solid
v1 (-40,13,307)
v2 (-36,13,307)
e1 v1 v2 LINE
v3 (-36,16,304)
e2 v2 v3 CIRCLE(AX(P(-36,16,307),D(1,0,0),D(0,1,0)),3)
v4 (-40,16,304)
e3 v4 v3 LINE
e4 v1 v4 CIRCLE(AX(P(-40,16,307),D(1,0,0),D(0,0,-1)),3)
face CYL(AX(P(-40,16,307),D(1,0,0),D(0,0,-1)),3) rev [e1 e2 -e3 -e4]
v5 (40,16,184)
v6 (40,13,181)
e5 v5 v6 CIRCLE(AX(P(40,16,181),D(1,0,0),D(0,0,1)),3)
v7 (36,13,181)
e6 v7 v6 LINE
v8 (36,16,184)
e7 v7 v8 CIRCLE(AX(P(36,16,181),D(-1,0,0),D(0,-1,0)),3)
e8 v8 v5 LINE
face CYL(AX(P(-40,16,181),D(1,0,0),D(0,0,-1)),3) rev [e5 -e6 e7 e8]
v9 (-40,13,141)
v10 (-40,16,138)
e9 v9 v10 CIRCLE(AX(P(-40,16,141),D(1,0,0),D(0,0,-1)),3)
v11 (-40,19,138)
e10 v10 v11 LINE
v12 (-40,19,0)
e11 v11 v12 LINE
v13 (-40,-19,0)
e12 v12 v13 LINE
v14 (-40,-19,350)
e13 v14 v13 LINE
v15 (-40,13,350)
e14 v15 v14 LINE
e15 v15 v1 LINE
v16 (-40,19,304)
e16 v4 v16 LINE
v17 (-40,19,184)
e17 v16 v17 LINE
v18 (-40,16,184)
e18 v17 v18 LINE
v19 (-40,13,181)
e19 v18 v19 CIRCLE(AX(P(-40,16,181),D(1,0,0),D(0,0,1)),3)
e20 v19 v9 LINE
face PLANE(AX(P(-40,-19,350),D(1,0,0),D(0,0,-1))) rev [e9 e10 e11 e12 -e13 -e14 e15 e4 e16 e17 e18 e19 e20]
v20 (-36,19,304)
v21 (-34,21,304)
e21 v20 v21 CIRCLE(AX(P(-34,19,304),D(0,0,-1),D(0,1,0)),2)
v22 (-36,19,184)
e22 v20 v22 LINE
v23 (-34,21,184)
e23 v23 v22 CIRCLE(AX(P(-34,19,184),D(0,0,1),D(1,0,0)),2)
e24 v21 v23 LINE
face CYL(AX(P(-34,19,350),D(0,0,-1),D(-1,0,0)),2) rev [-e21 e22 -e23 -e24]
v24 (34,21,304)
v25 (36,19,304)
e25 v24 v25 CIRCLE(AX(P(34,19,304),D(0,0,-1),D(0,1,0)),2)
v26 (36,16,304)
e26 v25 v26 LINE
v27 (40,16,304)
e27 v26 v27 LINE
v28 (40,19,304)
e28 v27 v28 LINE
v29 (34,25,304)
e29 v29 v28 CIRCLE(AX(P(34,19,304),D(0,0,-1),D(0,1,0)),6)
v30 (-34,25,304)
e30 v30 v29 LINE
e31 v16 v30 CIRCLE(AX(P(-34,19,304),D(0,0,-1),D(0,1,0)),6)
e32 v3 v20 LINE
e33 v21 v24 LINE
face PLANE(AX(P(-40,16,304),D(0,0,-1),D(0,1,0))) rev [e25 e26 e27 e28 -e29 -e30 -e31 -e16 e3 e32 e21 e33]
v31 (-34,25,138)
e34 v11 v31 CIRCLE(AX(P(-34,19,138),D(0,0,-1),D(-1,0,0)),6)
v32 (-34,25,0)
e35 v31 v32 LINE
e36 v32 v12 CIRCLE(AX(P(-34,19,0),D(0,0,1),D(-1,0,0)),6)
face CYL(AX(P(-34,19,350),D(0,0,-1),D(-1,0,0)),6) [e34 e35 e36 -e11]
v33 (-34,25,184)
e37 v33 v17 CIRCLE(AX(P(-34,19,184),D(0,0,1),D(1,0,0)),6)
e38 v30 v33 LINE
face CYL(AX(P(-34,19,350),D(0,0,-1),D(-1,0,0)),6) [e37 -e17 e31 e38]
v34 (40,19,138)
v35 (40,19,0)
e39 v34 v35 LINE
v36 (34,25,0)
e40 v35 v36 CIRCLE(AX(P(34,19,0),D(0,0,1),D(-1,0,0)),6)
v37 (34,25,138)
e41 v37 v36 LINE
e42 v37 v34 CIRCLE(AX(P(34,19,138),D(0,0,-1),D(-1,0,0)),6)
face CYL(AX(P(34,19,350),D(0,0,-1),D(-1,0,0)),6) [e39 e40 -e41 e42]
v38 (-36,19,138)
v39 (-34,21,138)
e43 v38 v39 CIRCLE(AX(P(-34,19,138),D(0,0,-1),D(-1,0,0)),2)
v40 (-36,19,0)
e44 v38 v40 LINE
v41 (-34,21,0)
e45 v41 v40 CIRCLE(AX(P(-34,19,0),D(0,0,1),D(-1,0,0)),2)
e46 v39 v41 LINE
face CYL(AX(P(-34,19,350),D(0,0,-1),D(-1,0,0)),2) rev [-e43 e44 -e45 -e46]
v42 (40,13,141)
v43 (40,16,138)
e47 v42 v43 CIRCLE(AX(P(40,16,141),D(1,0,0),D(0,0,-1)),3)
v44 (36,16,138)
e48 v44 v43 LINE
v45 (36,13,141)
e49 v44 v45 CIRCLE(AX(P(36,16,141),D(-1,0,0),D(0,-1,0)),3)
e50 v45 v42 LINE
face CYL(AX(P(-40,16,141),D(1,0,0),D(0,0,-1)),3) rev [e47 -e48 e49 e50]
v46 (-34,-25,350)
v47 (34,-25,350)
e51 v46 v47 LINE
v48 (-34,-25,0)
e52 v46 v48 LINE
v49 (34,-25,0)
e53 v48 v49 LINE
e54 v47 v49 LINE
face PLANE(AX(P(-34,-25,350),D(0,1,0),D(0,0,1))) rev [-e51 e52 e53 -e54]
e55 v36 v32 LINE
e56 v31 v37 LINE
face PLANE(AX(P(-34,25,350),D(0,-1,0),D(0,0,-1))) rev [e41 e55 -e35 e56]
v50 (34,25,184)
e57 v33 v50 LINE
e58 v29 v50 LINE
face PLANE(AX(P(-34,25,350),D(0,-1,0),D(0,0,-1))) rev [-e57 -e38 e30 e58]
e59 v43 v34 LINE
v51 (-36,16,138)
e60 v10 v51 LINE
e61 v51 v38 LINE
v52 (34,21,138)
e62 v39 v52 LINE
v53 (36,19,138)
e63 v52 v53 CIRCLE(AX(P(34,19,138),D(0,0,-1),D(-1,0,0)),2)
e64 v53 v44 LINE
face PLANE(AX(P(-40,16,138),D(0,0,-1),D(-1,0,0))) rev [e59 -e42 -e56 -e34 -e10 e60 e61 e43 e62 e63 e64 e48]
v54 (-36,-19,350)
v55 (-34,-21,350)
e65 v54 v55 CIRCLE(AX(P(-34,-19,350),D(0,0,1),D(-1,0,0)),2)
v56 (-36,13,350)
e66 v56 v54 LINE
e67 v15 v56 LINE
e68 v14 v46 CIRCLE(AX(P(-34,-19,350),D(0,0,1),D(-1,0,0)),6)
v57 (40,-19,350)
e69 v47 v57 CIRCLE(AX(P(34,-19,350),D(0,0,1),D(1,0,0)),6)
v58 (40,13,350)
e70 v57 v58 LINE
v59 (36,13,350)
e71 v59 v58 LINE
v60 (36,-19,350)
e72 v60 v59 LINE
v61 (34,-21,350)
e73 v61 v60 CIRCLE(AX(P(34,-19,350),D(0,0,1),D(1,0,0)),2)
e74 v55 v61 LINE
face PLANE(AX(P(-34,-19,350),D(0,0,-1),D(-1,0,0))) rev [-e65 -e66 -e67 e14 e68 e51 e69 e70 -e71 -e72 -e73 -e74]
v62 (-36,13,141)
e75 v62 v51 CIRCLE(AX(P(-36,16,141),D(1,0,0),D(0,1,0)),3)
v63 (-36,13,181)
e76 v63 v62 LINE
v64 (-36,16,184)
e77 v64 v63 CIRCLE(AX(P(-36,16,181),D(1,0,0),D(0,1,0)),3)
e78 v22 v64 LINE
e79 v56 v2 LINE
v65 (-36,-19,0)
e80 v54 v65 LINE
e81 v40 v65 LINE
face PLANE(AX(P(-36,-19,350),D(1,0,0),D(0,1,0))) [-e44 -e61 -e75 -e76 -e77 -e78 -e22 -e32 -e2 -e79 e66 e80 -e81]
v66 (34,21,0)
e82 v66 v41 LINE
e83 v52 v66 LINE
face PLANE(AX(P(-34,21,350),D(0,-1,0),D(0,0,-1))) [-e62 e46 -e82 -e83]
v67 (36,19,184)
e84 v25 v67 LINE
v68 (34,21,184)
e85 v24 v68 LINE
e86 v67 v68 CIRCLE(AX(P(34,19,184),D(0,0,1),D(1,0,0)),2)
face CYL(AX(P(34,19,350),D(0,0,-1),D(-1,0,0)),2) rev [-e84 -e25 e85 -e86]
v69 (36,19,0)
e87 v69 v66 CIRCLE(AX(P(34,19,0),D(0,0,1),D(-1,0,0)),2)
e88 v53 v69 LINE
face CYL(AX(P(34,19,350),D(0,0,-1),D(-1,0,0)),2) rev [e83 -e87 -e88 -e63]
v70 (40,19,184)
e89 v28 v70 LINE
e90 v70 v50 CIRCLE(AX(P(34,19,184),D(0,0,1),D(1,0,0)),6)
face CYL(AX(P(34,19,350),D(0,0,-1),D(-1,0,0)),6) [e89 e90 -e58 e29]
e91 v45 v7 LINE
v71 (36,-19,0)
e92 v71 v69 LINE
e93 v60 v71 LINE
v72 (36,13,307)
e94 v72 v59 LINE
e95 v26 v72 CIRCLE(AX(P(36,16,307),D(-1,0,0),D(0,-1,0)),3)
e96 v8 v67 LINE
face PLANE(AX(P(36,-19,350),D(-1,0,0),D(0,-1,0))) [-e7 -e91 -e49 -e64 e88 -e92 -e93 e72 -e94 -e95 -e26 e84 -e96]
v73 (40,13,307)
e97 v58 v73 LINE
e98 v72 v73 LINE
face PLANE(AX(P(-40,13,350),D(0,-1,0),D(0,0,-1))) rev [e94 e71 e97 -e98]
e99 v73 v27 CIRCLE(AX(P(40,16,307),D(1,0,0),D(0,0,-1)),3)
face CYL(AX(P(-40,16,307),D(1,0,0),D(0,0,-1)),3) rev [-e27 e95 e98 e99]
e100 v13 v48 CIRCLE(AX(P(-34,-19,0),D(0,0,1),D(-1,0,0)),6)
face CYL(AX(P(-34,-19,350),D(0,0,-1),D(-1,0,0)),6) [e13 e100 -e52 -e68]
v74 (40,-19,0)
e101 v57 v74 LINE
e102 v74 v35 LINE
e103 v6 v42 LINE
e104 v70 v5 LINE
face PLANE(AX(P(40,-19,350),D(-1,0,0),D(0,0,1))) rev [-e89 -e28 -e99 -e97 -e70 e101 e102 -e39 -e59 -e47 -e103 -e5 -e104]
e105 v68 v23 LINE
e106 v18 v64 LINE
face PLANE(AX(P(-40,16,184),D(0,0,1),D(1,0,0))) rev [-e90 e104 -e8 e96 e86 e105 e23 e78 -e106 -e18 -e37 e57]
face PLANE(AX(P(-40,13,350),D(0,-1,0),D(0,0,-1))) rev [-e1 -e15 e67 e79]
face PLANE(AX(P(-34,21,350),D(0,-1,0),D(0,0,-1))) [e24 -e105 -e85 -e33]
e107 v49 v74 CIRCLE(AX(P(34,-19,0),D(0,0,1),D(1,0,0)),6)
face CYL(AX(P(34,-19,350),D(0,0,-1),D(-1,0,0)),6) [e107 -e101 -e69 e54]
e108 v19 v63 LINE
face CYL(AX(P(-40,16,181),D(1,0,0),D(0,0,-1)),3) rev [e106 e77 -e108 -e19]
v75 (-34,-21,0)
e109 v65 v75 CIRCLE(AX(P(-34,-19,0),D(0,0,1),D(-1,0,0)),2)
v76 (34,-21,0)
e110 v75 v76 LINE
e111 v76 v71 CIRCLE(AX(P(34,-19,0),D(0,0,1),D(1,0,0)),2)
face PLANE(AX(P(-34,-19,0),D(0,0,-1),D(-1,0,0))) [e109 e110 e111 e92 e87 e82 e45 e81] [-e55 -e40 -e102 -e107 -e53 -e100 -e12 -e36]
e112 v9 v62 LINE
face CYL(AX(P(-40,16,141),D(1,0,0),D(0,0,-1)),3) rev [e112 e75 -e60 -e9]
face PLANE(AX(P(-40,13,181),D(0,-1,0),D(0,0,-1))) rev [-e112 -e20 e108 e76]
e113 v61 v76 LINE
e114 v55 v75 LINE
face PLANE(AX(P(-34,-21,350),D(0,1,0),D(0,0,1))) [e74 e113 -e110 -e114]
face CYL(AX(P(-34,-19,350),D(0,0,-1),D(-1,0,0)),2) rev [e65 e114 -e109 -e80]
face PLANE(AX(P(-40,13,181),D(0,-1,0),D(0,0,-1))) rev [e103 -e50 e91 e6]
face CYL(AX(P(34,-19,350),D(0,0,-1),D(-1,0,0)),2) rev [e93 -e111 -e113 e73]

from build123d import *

# Parameters (mm, degrees)
EXTRUDE_1_DEPTH     = 350
CUT_EXTRUDE_1_DEPTH = 360.895818259


with BuildPart() as part:
    # Эскиз1 → Бобышка-Вытянуть1 (new body)
    with BuildSketch(Plane.XY):
        with BuildLine():
            Line((-34, -25), (34, -25))
            ThreePointArc((34, -25), (38.242640687, -23.242640687), (40, -19))
            Line((40, -19), (40, 19))
            ThreePointArc((40, 19), (38.242640687, 23.242640687), (34, 25))
            Line((34, 25), (-34, 25))
            ThreePointArc((-34, 25), (-38.242640687, 23.242640687), (-40, 19))
            Line((-40, 19), (-40, -19))
            ThreePointArc((-40, -19), (-38.242640687, -23.242640687), (-34, -25))
        make_face()
        with BuildLine():
            Line((-34, -21), (34, -21))
            ThreePointArc((34, -21), (35.414213562, -20.414213562), (36, -19))
            Line((36, -19), (36, 19))
            ThreePointArc((36, 19), (35.414213562, 20.414213562), (34, 21))
            Line((34, 21), (-34, 21))
            ThreePointArc((-34, 21), (-35.414213562, 20.414213562), (-36, 19))
            Line((-36, 19), (-36, -19))
            ThreePointArc((-36, -19), (-35.414213562, -20.414213562), (-34, -21))
        make_face(mode=Mode.SUBTRACT)
    extrude(amount=EXTRUDE_1_DEPTH)

    # Эскиз2 → Вырез-Вытянуть1 (cut, through all)
    with BuildSketch(Plane(origin=(40, 0, 0), x_dir=(0, 0, -1), z_dir=(1, 0, 0))):
        with BuildLine():
            Line((-350, 13), (-307, 13))
            ThreePointArc((-307, 13), (-304.878679656, 13.878679656), (-304, 16))
            Line((-304, 16), (-304, 25))
            Line((-304, 25), (-350, 25))
            Line((-350, 25), (-350, 13))
        make_face()
        with BuildLine():
            Line((-181, 13), (-141, 13))
            ThreePointArc((-141, 13), (-138.878679656, 13.878679656), (-138, 16))
            Line((-138, 16), (-138, 25))
            Line((-138, 25), (-184, 25))
            Line((-184, 25), (-184, 16))
            ThreePointArc((-184, 16), (-183.121320344, 13.878679656), (-181, 13))
        make_face()
    extrude(amount=-CUT_EXTRUDE_1_DEPTH, mode=Mode.SUBTRACT)


solid = part.part
